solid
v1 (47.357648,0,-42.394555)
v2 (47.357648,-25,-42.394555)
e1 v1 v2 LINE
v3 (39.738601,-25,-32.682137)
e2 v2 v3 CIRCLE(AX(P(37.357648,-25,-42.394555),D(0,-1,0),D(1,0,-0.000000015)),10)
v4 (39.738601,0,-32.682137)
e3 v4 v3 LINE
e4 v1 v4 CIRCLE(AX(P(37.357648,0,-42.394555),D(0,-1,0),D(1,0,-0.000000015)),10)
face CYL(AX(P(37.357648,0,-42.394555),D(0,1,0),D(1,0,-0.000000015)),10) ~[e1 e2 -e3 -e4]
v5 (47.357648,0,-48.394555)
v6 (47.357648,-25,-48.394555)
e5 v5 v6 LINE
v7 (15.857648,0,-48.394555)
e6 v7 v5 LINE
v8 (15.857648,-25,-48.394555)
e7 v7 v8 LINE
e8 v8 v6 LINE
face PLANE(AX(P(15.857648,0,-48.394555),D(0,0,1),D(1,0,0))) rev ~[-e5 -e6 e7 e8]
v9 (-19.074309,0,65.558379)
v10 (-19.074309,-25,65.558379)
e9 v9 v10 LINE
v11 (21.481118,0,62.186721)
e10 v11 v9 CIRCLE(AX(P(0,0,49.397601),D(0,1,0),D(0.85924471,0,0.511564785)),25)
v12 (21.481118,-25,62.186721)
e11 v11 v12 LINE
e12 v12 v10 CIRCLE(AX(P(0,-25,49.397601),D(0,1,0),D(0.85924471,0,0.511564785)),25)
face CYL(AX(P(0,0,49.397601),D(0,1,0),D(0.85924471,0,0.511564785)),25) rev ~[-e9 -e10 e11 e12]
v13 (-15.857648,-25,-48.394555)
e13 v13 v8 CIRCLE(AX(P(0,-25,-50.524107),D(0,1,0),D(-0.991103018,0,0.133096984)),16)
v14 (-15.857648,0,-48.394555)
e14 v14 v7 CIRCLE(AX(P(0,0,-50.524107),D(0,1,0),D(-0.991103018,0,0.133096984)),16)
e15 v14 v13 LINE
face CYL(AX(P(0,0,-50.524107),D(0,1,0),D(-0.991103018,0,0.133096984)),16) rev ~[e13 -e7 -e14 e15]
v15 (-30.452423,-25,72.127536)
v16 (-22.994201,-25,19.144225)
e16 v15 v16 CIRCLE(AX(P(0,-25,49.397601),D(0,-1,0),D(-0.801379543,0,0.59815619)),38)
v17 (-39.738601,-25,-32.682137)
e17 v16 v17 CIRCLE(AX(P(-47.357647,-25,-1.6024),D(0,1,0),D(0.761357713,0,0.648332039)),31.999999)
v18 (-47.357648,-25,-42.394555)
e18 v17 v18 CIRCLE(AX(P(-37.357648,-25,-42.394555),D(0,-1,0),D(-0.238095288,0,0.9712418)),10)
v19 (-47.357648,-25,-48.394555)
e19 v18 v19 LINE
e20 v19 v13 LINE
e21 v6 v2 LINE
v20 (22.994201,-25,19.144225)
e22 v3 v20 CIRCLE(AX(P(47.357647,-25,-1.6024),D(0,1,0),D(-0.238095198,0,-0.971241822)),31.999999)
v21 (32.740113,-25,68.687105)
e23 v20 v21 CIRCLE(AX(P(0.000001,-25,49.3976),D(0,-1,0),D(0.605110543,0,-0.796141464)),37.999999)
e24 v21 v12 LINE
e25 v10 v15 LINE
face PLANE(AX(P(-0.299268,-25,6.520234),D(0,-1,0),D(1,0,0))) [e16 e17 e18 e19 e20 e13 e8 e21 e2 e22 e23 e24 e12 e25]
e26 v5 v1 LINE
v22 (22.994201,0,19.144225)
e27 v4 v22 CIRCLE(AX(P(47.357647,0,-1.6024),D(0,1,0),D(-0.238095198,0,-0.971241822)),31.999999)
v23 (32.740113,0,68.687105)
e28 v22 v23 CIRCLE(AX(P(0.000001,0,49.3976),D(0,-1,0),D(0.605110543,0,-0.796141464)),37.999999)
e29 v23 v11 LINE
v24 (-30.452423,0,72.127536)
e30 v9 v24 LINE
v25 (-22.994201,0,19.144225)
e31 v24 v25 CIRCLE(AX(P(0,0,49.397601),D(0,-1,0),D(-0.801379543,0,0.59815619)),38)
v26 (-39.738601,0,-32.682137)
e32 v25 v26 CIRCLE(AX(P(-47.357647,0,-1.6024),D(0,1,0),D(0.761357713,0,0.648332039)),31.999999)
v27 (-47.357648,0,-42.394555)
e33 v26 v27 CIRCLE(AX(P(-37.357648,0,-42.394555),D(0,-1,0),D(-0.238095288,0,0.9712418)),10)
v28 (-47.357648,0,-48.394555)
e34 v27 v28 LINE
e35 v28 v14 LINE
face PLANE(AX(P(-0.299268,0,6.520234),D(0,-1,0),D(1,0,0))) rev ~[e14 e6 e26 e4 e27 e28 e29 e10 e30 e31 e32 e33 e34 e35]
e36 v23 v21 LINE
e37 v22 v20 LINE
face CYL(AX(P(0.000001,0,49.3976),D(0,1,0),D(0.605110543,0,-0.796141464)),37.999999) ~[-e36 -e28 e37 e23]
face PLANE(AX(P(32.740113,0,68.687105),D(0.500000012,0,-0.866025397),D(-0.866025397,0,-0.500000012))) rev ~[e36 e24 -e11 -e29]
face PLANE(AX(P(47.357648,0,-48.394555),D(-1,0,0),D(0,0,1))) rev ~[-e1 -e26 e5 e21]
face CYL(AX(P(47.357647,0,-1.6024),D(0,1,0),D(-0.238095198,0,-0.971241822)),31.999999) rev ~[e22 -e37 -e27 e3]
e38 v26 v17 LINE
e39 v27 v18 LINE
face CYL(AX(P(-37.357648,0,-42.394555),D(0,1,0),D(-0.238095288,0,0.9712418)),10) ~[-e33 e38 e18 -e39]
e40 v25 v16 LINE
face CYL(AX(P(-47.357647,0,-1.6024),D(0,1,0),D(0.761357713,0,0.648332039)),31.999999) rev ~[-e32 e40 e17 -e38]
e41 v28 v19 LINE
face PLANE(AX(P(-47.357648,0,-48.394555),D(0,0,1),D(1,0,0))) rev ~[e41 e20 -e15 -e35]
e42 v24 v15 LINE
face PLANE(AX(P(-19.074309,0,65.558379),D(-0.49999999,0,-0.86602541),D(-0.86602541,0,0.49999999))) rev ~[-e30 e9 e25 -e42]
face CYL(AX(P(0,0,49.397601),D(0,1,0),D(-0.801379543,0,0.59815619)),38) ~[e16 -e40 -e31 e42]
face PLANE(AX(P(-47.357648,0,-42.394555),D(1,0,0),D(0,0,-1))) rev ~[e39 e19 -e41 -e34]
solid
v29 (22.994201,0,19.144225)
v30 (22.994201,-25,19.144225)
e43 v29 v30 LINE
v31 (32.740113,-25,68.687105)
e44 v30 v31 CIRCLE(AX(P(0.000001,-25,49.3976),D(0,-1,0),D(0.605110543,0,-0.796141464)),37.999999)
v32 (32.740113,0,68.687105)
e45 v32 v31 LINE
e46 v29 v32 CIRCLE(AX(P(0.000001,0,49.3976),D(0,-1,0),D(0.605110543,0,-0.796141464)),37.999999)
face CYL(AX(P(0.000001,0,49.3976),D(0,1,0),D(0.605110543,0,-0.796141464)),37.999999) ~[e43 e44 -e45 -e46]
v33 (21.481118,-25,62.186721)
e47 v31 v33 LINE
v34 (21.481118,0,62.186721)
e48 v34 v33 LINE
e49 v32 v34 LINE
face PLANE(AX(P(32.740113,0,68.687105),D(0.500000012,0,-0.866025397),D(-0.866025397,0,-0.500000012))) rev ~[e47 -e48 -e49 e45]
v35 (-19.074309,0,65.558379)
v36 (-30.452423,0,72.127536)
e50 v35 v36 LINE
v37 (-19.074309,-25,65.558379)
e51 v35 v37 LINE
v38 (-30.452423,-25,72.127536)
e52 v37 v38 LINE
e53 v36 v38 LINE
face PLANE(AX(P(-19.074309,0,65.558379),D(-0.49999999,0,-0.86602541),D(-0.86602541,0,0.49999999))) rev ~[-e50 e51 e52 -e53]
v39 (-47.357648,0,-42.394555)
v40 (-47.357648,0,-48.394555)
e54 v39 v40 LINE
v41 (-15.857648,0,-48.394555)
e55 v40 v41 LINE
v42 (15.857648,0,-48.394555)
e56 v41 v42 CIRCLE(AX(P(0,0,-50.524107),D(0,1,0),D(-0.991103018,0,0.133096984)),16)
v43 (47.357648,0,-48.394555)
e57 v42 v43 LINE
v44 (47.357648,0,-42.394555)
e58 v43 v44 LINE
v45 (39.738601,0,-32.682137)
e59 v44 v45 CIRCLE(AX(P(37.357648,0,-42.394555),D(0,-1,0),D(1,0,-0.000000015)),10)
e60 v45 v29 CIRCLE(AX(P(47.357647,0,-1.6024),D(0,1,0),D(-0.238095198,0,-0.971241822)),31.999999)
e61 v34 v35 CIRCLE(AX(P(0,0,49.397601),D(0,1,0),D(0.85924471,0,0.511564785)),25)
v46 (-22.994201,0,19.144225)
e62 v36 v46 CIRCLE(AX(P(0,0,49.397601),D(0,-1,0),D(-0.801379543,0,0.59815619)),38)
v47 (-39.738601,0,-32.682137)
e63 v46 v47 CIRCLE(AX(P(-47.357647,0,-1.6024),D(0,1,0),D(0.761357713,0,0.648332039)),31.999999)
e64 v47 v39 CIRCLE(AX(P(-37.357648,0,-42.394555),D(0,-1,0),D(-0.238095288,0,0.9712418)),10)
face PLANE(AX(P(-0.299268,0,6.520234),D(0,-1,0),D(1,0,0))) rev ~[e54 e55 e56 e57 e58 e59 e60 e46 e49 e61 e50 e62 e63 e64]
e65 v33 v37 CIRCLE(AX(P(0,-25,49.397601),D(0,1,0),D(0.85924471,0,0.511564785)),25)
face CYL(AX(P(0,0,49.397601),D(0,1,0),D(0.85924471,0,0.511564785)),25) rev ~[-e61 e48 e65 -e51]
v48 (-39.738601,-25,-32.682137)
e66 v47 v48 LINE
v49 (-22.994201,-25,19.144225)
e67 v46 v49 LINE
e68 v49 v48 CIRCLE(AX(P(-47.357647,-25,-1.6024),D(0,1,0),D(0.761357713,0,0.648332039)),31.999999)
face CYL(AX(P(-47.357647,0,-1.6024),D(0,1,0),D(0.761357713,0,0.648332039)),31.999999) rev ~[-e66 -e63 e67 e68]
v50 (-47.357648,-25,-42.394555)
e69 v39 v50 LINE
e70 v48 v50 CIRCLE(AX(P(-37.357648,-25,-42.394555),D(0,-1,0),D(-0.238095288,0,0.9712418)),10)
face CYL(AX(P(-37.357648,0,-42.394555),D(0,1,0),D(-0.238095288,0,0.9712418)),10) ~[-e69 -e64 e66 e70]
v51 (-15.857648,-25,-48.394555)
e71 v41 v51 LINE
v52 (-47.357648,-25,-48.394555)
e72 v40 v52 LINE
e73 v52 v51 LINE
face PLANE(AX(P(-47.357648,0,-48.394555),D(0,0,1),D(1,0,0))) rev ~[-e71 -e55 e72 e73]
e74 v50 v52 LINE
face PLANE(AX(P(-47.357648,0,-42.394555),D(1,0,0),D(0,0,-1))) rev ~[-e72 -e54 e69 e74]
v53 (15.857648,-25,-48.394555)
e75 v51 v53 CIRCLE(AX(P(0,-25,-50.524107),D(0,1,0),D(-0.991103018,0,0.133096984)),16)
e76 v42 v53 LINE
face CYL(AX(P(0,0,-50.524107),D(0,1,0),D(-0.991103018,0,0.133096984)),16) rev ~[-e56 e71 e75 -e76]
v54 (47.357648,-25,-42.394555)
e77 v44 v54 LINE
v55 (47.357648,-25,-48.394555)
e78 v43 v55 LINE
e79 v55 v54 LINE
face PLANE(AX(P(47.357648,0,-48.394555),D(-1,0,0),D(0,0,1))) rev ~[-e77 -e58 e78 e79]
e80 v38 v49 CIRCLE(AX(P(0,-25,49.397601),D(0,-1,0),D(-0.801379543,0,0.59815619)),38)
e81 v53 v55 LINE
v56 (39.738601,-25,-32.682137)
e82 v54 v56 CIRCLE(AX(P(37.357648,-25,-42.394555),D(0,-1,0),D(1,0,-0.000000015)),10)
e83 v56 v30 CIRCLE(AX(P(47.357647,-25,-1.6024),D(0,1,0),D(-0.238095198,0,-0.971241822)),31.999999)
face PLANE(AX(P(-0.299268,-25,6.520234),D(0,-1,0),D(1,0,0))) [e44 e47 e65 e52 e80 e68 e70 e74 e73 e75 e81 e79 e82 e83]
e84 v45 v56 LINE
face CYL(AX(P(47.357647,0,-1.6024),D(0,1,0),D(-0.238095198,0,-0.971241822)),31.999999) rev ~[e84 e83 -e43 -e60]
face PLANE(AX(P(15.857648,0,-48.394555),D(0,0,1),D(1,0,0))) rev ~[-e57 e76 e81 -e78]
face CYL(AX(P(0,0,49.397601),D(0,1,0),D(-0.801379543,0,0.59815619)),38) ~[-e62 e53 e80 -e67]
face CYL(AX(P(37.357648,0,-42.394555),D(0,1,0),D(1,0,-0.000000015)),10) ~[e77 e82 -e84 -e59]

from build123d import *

# Parameters (mm, degrees)
F1_DEPTH = 25
F2_DEPTH = 25


with BuildPart() as f1:
    # F0 (on Front) → F1 (new body)
    with BuildSketch(Plane.XZ):
        with BuildLine():
            Line((-19.074309, 65.558379), (-30.452423, 72.127536))
            ThreePointArc((-30.452423, 72.127536), (-37.629021, 44.100733), (-22.994201, 19.144225))
            ThreePointArc((-22.994201, 19.144225), (-16.907476, -11.440439), (-39.738601, -32.682137))
            ThreePointArc((-39.738601, -32.682137), (-45.225606, -36.222421), (-47.357648, -42.394555))
            Line((-47.357648, -42.394555), (-47.357648, -48.394555))
            Line((-47.357648, -48.394555), (-15.857648, -48.394555))
            ThreePointArc((-15.857648, -48.394555), (0, -34.524107), (15.857648, -48.394555))
            Line((15.857648, -48.394555), (47.357648, -48.394555))
            Line((47.357648, -48.394555), (47.357648, -42.394555))
            ThreePointArc((47.357648, -42.394555), (45.225606, -36.222421), (39.738601, -32.682137))
            ThreePointArc((39.738601, -32.682137), (16.907476, -11.440439), (22.994201, 19.144225))
            ThreePointArc((22.994201, 19.144225), (37.285422, 42.062935), (32.740113, 68.687105))
            Line((32.740113, 68.687105), (21.481118, 62.186721))
            ThreePointArc((21.481118, 62.186721), (-2.07128, 24.483553), (-19.074309, 65.558379))
        make_face()
    extrude(amount=F1_DEPTH)


with BuildPart() as f2:
    # F0 (on Front) → F2 (new body)
    with BuildSketch(Plane.XZ):
        with BuildLine():
            Line((-19.074309, 65.558379), (-30.452423, 72.127536))
            ThreePointArc((-30.452423, 72.127536), (-37.629021, 44.100733), (-22.994201, 19.144225))
            ThreePointArc((-22.994201, 19.144225), (-16.907476, -11.440439), (-39.738601, -32.682137))
            ThreePointArc((-39.738601, -32.682137), (-45.225606, -36.222421), (-47.357648, -42.394555))
            Line((-47.357648, -42.394555), (-47.357648, -48.394555))
            Line((-47.357648, -48.394555), (-15.857648, -48.394555))
            ThreePointArc((-15.857648, -48.394555), (0, -34.524107), (15.857648, -48.394555))
            Line((15.857648, -48.394555), (47.357648, -48.394555))
            Line((47.357648, -48.394555), (47.357648, -42.394555))
            ThreePointArc((47.357648, -42.394555), (45.225606, -36.222421), (39.738601, -32.682137))
            ThreePointArc((39.738601, -32.682137), (16.907476, -11.440439), (22.994201, 19.144225))
            ThreePointArc((22.994201, 19.144225), (37.285422, 42.062935), (32.740113, 68.687105))
            Line((32.740113, 68.687105), (21.481118, 62.186721))
            ThreePointArc((21.481118, 62.186721), (-2.07128, 24.483553), (-19.074309, 65.558379))
        make_face()
    extrude(amount=F2_DEPTH)


solid = Compound([f1.part, f2.part])
